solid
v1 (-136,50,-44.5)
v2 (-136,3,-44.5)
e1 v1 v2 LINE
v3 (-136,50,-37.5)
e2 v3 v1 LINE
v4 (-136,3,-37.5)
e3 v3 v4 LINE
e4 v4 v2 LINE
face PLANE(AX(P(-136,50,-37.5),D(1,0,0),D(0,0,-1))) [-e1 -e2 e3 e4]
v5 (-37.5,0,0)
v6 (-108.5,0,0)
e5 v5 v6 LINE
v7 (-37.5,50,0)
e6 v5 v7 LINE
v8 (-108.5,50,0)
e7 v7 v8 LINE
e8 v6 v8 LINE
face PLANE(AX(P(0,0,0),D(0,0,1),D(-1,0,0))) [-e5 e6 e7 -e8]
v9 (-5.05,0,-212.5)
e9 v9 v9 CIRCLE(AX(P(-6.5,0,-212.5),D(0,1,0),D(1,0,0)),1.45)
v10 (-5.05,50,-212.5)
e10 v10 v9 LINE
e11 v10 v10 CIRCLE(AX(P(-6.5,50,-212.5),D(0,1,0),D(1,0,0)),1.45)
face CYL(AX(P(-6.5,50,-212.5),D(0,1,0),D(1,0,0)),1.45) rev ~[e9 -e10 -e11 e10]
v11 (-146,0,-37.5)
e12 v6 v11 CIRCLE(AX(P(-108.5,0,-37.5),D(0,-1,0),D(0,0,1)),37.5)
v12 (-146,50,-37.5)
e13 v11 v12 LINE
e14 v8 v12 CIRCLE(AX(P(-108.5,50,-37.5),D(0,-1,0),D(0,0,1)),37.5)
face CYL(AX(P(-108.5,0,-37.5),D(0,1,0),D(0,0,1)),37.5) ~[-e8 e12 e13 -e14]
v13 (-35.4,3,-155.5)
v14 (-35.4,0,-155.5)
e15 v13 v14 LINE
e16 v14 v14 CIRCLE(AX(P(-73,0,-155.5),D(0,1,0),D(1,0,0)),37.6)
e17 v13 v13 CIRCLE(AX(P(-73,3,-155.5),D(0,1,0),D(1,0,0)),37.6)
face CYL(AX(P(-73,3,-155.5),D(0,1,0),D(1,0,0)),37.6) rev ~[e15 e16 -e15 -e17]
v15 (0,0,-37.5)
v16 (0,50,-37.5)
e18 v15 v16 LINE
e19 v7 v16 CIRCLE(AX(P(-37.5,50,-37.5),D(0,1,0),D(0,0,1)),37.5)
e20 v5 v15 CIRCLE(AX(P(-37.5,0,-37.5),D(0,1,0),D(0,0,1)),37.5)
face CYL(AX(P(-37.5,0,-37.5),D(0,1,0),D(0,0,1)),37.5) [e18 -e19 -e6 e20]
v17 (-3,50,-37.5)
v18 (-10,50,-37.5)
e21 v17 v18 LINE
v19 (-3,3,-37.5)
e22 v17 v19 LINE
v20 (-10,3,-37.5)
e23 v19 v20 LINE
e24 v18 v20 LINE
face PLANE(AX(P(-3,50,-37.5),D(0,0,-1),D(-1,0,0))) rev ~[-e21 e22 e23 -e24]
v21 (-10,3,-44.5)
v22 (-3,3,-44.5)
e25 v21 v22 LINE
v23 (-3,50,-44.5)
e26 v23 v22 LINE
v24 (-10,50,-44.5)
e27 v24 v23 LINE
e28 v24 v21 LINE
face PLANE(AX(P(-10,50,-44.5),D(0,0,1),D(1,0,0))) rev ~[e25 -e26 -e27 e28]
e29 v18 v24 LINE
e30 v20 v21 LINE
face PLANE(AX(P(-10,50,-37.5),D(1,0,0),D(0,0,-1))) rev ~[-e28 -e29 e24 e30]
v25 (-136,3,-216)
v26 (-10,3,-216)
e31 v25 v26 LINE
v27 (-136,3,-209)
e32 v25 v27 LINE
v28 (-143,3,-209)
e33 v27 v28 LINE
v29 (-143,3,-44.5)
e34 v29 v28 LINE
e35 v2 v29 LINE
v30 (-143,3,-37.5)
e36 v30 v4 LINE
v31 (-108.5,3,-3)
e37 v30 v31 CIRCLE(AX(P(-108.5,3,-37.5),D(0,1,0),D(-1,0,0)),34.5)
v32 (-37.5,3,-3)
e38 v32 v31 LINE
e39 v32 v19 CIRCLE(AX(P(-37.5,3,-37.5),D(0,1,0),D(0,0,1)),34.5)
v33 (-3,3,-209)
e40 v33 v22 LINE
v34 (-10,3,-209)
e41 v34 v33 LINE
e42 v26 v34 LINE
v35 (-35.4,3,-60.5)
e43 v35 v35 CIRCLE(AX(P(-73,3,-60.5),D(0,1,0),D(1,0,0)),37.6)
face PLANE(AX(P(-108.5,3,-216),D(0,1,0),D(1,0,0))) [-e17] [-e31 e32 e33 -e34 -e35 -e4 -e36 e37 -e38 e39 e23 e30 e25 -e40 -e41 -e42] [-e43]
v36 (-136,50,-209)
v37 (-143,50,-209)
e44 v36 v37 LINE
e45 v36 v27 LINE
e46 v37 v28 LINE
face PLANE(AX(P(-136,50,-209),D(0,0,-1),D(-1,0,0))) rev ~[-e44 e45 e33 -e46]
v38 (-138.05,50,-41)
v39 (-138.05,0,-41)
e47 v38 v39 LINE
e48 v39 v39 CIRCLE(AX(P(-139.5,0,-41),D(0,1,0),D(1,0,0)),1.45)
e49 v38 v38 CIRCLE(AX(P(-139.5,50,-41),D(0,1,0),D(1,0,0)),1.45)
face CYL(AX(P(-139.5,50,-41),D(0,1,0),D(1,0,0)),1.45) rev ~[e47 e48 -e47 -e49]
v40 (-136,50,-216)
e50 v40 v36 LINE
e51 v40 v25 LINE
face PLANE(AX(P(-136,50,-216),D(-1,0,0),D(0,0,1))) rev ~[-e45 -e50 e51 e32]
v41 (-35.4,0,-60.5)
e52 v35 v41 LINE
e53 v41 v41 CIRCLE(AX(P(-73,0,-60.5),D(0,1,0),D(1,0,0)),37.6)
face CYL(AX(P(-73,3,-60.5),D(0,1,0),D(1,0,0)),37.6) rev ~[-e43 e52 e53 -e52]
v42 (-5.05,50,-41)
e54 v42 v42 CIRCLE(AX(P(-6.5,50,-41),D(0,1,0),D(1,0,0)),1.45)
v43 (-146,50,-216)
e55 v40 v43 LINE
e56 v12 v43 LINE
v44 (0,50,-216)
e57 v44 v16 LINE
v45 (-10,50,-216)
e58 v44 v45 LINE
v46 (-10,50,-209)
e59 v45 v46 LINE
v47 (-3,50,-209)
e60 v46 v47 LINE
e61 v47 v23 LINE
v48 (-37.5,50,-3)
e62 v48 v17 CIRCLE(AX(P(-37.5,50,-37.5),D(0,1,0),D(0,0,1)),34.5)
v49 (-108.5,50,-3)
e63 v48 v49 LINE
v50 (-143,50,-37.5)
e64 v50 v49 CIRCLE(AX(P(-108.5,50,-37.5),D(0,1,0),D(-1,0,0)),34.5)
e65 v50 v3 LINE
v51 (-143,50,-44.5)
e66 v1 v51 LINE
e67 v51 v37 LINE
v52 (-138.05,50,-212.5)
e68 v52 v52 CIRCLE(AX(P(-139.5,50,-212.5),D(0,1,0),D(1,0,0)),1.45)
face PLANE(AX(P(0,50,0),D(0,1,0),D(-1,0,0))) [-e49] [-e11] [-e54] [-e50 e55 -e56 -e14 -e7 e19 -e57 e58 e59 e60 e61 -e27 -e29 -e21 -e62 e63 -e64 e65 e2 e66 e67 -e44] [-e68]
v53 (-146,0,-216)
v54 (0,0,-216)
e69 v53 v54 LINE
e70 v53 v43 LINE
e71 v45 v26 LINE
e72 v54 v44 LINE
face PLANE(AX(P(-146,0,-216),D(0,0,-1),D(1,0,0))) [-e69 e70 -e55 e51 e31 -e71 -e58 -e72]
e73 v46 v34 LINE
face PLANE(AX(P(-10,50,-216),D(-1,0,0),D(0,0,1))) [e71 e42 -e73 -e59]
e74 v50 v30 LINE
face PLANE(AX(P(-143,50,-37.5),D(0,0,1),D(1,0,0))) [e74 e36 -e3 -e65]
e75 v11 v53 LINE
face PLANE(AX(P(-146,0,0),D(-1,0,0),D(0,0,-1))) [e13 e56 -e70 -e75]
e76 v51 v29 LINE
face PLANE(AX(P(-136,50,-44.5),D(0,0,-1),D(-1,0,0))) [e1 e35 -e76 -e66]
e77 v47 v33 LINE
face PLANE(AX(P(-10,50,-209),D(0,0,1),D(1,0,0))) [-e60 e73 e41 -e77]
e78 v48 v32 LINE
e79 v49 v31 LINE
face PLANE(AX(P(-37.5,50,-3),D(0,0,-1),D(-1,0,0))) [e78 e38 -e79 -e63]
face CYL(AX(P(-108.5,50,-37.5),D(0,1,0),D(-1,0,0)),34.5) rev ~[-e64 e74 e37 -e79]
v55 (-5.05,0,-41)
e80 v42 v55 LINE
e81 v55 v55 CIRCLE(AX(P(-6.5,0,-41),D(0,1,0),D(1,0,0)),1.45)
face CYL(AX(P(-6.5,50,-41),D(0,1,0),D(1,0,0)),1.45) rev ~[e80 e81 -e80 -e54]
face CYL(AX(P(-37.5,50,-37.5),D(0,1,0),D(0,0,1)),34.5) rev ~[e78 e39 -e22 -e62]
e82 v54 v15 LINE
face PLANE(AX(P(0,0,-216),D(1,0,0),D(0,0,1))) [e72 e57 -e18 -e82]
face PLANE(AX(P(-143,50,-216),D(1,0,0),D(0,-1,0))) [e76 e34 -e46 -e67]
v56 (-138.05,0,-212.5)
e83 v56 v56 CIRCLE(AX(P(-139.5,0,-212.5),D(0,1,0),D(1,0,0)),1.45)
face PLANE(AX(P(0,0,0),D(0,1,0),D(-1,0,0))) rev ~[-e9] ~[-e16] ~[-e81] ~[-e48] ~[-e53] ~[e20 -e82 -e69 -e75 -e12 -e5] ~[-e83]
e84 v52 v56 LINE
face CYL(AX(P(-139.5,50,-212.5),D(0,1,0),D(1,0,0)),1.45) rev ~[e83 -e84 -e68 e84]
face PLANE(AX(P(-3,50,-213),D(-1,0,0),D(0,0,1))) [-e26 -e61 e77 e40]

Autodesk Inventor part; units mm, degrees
ref_plane "YZ Plane" through (0, 0, 0) normal (1, 0, 0) x (0, 1, 0)
ref_plane "XZ Plane" through (0, 0, 0) normal (0, 1, 0) x (-1, 0, 0)
ref_plane "XY Plane" through (0, 0, 0) normal (0, 0, 1) x (1, 0, 0)
sketch "Sketch1" plane through (0, 0, 0) normal (0, 1, 0) x (-1, 0, 0)
  line L0 (0, 0) -> (146, 0)
  line L1 (146, 0) -> (146, -216)
  line L2 (146, -216) -> (0, -216)
  line L3 (0, -216) -> (0, 0)
  dimension "d0" = 146
  dimension "d1" = 216
extrude "Extrusion1" add sketch "Sketch1" along normal blind 50
sketch "Sketch2" plane through (0, 50, 0) normal (0, 1, 0) x (1, 0, 0)
  point P0 (0, 0)
fillet "Fillet1" radius 37.5 2 edges at (-146, 25, 0) (0, 25, 0)
sketch "Sketch3" plane through (0, 50, 0) normal (0, 1, 0) x (1, 0, 0)
  line L0 (0, 216) -> (-146, 216) projected
  line L1 (-146, 216) -> (0, 216)
  line L2 (0, 216) -> (0, 37.5)
  line L3 (-37.5, 0) -> (-108.5, 0)
  line L4 (-146, 37.5) -> (-146, 216)
  arc A0 (-146, 37.5) -> (-108.5, 0) centre (-108.5, 37.5) ccw
  arc A1 (-37.5, 0) -> (0, 37.5) centre (-37.5, 37.5) ccw
  line L5 (-143, 213) -> (-3, 213)
  line L6 (-3, 213) -> (-3, 37.5)
  arc A2 (-37.5, 3) -> (-3, 37.5) centre (-37.5, 37.5) ccw
  line L7 (-37.5, 3) -> (-108.5, 3)
  arc A3 (-143, 37.5) -> (-108.5, 3) centre (-108.5, 37.5) ccw
  line L8 (-143, 37.5) -> (-143, 213)
  point P0 (0, 0)
  dimension "d5" = 37.5
  dimension "d6" = 3
extrude "Extrusion2" cut sketch "Sketch3" against normal blind 47 contours L5 L6 A2 L7 A3 L8
sketch "Sketch4" plane through (0, 3, 0) normal (0, 1, 0) x (1, 0, 0)
  circle A0 centre (-73, 60.5) radius 37.6
  circle A1 centre (-73, 155.5) radius 37.6
  line L0 (-37.5, 3) -> (-108.5, 3) projected
  line L1 (-3, 213) -> (-3, 37.5) projected
  line L2 (-143, 37.5) -> (-143, 213) projected
  point P0 (0, 0)
  dimension "d9" = 75.2
  dimension "d10" = 75.2
  dimension "d11" = 95
  dimension "d12" = 57.5
  dimension "d13" = 140
  dimension "d14" = 70
  dimension "d15" = 70
extrude "Extrusion3" cut sketch "Sketch4" against normal blind 47
sketch "Sketch5" plane through (0, 0, -216) normal (0, 0, -1) x (-1, 0, 0)
  line L0 (3, 50) -> (37.5, 50) projected
  line L1 (108.5, 3) -> (143, 3) projected
  line L2 (3, 50) -> (143, 50)
  line L3 (143, 50) -> (143, 3)
  line L4 (143, 3) -> (3, 3)
  line L5 (3, 3) -> (3, 50)
  point P0 (0, 0)
  point P1 (37.5, 50)
extrude "Extrusion4" cut sketch "Sketch5" against normal blind 3
sketch "Sketch6" plane through (0, 50, 0) normal (0, 1, 0) x (1, 0, 0)
  arc A0 (-143, 37.5) -> (-108.5, 3) centre (-108.5, 37.5) ccw projected
  line L0 (-143, 37.5) -> (-136, 37.5)
  line L1 (-136, 37.5) -> (-136, 44.5)
  line L2 (-136, 44.5) -> (-143, 44.5)
  line L3 (-143, 44.5) -> (-143, 37.5)
  line L4 (-3, 37.5) -> (-10, 37.5)
  line L5 (-10, 37.5) -> (-10, 44.5)
  line L6 (-10, 44.5) -> (-3, 44.5)
  line L7 (-3, 44.5) -> (-3, 37.5)
  line L8 (-143, 37.5) -> (-143, 216) projected
  line L9 (-143, 216) -> (-136, 216)
  line L10 (-136, 216) -> (-136, 209)
  line L11 (-136, 209) -> (-143, 209)
  line L12 (-143, 209) -> (-143, 216)
  line L13 (-3, 216) -> (-3, 37.5) projected
  line L14 (-3, 216) -> (-10, 216)
  line L15 (-10, 216) -> (-10, 209)
  line L16 (-10, 209) -> (-3, 209)
  line L17 (-3, 209) -> (-3, 216)
  point P0 (0, 0)
  point P1 (-3, 209)
  dimension "d20" = 7
  dimension "d21" = 7
  dimension "d22" = 7
  dimension "d23" = 7
  dimension "d24" = 7
  dimension "d25" = 7
  dimension "d26" = 7
  dimension "d27" = 7
extrude "Extrusion5" add sketch "Sketch6" against normal blind 50
sketch "Sketch7" plane through (0, 50, 0) normal (0, 1, 0) x (1, 0, 0)
  circle A0 centre (-139.5, 41) radius 1.45
  line L0 (-136, 44.5) -> (-143, 44.5) projected
  line L1 (-136, 37.5) -> (-136, 44.5) projected
  circle A1 centre (-139.5, 212.5) radius 1.45
  line L2 (-136, 216) -> (-146, 216) projected
  line L3 (-136, 209) -> (-136, 216) projected
  circle A2 centre (-6.5, 212.5) radius 1.45
  line L4 (-10, 216) -> (-10, 209) projected
  line L5 (-10, 209) -> (-3, 209) projected
  circle A3 centre (-6.5, 41) radius 1.45
  line L6 (-10, 44.5) -> (-10, 37.5) projected
  line L7 (-10, 37.5) -> (-3, 37.5) projected
  point P0 (0, 0)
  dimension "d34" = 2.9
  dimension "d35" = 3.5
  dimension "d36" = 3.5
  dimension "d37" = 2.9
  dimension "d38" = 3.5
  dimension "d39" = 3.5
  dimension "d40" = 2.9
  dimension "d41" = 3.5
  dimension "d42" = 3.5
  dimension "d43" = 2.9
  dimension "d44" = 3.5
  dimension "d45" = 3.5
extrude "Extrusion6" cut sketch "Sketch7" against normal blind 50
equation "\"d14\" = 0.5 * d13"
equation "\"d15\" = d14"
